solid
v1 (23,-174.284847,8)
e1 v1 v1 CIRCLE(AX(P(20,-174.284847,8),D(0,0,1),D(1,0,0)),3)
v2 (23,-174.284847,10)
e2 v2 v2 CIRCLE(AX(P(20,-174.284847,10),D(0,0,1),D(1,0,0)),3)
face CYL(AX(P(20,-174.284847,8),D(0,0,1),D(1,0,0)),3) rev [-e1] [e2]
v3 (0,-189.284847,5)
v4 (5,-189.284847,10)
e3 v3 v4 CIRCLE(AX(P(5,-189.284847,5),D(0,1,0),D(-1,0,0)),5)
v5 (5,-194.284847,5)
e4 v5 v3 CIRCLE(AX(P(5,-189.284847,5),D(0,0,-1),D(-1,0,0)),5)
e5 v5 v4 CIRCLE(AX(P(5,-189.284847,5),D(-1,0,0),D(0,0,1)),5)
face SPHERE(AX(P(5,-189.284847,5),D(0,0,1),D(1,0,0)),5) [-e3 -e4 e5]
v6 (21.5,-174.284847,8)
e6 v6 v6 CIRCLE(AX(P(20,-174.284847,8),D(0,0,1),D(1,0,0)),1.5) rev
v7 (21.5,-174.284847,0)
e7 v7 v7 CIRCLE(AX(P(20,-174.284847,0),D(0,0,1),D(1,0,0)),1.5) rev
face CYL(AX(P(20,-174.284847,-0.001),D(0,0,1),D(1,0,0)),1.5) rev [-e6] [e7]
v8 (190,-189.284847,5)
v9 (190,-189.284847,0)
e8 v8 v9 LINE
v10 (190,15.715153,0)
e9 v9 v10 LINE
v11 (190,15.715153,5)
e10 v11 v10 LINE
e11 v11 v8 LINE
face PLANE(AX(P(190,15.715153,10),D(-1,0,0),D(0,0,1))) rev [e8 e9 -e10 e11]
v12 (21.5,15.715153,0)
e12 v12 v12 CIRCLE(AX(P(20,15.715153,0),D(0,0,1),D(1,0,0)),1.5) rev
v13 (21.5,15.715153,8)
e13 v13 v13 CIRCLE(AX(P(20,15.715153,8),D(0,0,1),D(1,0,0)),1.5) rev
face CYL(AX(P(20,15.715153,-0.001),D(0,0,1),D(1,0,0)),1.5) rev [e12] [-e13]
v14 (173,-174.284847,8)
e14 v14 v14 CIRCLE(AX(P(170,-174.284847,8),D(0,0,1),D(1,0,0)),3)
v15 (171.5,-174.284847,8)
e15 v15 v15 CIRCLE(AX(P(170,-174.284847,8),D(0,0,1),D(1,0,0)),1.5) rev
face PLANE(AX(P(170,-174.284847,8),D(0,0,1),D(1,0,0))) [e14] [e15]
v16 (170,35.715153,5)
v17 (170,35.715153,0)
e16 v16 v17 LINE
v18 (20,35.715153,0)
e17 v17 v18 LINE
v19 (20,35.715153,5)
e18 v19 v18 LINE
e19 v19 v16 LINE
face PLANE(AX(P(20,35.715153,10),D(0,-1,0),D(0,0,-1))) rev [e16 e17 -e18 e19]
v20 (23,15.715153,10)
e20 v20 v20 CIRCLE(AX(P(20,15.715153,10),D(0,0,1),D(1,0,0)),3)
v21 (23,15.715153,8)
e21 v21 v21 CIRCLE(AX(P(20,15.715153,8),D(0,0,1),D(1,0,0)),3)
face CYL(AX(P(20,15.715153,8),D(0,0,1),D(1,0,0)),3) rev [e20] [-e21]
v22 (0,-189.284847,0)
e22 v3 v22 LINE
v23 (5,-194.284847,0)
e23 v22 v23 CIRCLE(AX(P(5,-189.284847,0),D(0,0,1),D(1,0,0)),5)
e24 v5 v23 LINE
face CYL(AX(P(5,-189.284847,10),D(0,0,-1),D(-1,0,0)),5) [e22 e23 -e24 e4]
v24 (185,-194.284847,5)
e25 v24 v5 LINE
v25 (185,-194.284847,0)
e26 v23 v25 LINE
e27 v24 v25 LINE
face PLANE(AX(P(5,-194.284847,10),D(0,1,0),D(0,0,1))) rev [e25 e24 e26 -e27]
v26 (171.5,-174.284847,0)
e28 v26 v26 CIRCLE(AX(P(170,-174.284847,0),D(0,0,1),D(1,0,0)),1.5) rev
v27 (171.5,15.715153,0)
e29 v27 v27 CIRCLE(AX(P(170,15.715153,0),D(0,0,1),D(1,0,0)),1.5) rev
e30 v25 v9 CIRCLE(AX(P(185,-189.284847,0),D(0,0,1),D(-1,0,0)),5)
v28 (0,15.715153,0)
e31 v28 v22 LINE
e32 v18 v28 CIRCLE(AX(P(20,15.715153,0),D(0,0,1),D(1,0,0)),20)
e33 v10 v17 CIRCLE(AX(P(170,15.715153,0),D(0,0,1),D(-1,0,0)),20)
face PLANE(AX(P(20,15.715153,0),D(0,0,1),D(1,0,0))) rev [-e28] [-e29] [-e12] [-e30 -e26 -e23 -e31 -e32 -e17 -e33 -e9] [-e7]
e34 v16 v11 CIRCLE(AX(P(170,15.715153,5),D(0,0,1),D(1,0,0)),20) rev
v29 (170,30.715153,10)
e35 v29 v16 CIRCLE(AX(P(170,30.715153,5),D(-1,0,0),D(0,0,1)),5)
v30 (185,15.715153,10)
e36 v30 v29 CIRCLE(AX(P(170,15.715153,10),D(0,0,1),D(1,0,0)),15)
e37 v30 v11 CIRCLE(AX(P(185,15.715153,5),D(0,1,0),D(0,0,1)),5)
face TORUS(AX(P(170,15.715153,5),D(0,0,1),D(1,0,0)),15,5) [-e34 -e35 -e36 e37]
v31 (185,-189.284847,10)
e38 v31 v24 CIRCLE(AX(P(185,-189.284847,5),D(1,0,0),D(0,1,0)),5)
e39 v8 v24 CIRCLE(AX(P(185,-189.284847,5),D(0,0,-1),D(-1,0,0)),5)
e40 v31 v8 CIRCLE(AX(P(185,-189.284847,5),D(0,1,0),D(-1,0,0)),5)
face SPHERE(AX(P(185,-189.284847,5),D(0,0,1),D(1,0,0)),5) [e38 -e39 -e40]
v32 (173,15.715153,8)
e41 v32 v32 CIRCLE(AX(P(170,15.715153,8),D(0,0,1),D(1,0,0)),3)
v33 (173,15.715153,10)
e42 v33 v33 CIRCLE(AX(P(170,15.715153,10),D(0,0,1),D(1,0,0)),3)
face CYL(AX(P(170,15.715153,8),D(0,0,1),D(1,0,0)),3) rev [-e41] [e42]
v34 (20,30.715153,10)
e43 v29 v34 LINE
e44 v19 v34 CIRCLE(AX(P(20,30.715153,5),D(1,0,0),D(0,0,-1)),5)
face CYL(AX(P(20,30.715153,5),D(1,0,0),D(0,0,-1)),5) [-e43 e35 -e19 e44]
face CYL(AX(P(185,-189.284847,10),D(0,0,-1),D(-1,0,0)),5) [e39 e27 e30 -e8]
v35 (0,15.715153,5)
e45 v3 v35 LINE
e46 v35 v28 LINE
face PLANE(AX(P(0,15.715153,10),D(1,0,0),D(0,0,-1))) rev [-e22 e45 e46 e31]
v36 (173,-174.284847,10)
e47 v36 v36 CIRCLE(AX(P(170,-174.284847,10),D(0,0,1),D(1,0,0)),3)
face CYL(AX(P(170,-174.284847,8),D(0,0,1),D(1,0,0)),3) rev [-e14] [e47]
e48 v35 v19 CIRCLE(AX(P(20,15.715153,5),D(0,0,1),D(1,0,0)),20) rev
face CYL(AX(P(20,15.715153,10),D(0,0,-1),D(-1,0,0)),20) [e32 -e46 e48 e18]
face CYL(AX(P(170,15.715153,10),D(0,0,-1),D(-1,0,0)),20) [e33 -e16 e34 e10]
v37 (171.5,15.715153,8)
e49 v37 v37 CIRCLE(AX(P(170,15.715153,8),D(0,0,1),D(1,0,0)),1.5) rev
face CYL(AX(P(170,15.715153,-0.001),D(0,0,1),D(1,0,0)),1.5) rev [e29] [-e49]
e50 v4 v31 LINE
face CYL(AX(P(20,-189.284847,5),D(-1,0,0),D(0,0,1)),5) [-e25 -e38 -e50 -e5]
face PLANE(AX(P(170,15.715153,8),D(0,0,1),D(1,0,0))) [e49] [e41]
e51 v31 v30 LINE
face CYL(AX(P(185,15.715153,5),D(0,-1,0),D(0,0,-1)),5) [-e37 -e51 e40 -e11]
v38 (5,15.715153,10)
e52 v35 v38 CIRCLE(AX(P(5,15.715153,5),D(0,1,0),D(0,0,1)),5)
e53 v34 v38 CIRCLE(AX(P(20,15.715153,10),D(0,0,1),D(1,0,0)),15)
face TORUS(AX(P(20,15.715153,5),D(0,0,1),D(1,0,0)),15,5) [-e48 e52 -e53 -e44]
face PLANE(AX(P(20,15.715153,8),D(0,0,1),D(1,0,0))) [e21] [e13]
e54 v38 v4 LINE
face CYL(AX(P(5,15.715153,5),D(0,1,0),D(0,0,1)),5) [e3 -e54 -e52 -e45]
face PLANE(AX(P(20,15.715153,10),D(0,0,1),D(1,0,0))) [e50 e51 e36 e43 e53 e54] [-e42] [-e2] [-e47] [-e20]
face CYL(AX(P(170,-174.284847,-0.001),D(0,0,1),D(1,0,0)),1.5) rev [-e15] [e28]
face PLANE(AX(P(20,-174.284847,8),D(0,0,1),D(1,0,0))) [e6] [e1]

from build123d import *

# Parameters (mm, degrees)
BOSS_EXTRUDE1_DEPTH = 10
FILLET1_R           = 5
CUT_EXTRUDE1_REACH  = 273.931
SKETCH2_R           = 1.5
SKETCH3_R           = 3
CUT_EXTRUDE2_DEPTH  = 2


with BuildPart() as part:
    # Sketch1 → Boss-Extrude1 (new body)
    with BuildSketch(Plane.XY):
        with BuildLine():
            Line((20, 35.715152736), (170, 35.715152736))
            ThreePointArc((170, 35.715152736), (184.142135624, 29.85728836), (190, 15.715152736))
            Line((190, 15.715152736), (190, -189.284847264))
            ThreePointArc((190, -189.284847264), (188.535533906, -192.82038117), (185, -194.284847264))
            Line((185, -194.284847264), (5, -194.284847264))
            ThreePointArc((5, -194.284847264), (1.464466094, -192.82038117), (0, -189.284847264))
            Line((0, -189.284847264), (0, 15.715152736))
            ThreePointArc((0, 15.715152736), (5.857864376, 29.85728836), (20, 35.715152736))
        make_face()
    extrude(amount=BOSS_EXTRUDE1_DEPTH)

    # Fillet1
    fillet1_edges = [part.edges().sort_by_distance(p)[0] for p in [
        (1.464466094, -192.82038117, 10),
        (95, -194.284847264, 10),
        (188.535533906, -192.82038117, 10),
        (190, -86.784847264, 10),
        (184.142135624, 29.85728836, 10),
        (95, 35.715152736, 10),
        (5.857864376, 29.85728836, 10),
        (0, -86.784847264, 10),
    ]]
    fillet(fillet1_edges, radius=FILLET1_R)

    # Sketch2 → Cut-Extrude1 (cut, up to next)
    with BuildSketch(Plane.XY.offset(10), mode=Mode.PRIVATE) as cut_extrude1_sk1:
        with Locations((20, -174.284847264)):
            Circle(SKETCH2_R)
    cut_extrude1_tool1 = extrude(cut_extrude1_sk1.sketch, amount=-CUT_EXTRUDE1_REACH, mode=Mode.PRIVATE) & part.part
    # Sketch2 → Cut-Extrude1 (cut, up to next)
    with BuildSketch(Plane.XY.offset(10), mode=Mode.PRIVATE) as cut_extrude1_sk2:
        with Locations((170, -174.284847264)):
            Circle(SKETCH2_R)
    cut_extrude1_tool2 = extrude(cut_extrude1_sk2.sketch, amount=-CUT_EXTRUDE1_REACH, mode=Mode.PRIVATE) & part.part
    # Sketch2 → Cut-Extrude1 (cut, up to next)
    with BuildSketch(Plane.XY.offset(10), mode=Mode.PRIVATE) as cut_extrude1_sk3:
        with Locations((170, 15.715152736)):
            Circle(SKETCH2_R)
    cut_extrude1_tool3 = extrude(cut_extrude1_sk3.sketch, amount=-CUT_EXTRUDE1_REACH, mode=Mode.PRIVATE) & part.part
    # Sketch2 → Cut-Extrude1 (cut, up to next)
    with BuildSketch(Plane.XY.offset(10), mode=Mode.PRIVATE) as cut_extrude1_sk4:
        with Locations((20, 15.715152736)):
            Circle(SKETCH2_R)
    cut_extrude1_tool4 = extrude(cut_extrude1_sk4.sketch, amount=-CUT_EXTRUDE1_REACH, mode=Mode.PRIVATE) & part.part
    add(cut_extrude1_tool1.solids().sort_by_distance((20, -174.284847, 10))[0], mode=Mode.SUBTRACT)
    add(cut_extrude1_tool2.solids().sort_by_distance((170, -174.284847, 10))[0], mode=Mode.SUBTRACT)
    add(cut_extrude1_tool3.solids().sort_by_distance((170, 15.715153, 10))[0], mode=Mode.SUBTRACT)
    add(cut_extrude1_tool4.solids().sort_by_distance((20, 15.715153, 10))[0], mode=Mode.SUBTRACT)

    # Sketch3 → Cut-Extrude2 (cut)
    with BuildSketch(Plane.XY.offset(10)):
        with Locations((20, 15.715152736)):
            Circle(SKETCH3_R)
        with Locations((170, 15.715152736)):
            Circle(SKETCH3_R)
        with Locations((170, -174.284847264)):
            Circle(SKETCH3_R)
        with Locations((20, -174.284847264)):
            Circle(SKETCH3_R)
    extrude(amount=-CUT_EXTRUDE2_DEPTH, mode=Mode.SUBTRACT)


solid = part.part
